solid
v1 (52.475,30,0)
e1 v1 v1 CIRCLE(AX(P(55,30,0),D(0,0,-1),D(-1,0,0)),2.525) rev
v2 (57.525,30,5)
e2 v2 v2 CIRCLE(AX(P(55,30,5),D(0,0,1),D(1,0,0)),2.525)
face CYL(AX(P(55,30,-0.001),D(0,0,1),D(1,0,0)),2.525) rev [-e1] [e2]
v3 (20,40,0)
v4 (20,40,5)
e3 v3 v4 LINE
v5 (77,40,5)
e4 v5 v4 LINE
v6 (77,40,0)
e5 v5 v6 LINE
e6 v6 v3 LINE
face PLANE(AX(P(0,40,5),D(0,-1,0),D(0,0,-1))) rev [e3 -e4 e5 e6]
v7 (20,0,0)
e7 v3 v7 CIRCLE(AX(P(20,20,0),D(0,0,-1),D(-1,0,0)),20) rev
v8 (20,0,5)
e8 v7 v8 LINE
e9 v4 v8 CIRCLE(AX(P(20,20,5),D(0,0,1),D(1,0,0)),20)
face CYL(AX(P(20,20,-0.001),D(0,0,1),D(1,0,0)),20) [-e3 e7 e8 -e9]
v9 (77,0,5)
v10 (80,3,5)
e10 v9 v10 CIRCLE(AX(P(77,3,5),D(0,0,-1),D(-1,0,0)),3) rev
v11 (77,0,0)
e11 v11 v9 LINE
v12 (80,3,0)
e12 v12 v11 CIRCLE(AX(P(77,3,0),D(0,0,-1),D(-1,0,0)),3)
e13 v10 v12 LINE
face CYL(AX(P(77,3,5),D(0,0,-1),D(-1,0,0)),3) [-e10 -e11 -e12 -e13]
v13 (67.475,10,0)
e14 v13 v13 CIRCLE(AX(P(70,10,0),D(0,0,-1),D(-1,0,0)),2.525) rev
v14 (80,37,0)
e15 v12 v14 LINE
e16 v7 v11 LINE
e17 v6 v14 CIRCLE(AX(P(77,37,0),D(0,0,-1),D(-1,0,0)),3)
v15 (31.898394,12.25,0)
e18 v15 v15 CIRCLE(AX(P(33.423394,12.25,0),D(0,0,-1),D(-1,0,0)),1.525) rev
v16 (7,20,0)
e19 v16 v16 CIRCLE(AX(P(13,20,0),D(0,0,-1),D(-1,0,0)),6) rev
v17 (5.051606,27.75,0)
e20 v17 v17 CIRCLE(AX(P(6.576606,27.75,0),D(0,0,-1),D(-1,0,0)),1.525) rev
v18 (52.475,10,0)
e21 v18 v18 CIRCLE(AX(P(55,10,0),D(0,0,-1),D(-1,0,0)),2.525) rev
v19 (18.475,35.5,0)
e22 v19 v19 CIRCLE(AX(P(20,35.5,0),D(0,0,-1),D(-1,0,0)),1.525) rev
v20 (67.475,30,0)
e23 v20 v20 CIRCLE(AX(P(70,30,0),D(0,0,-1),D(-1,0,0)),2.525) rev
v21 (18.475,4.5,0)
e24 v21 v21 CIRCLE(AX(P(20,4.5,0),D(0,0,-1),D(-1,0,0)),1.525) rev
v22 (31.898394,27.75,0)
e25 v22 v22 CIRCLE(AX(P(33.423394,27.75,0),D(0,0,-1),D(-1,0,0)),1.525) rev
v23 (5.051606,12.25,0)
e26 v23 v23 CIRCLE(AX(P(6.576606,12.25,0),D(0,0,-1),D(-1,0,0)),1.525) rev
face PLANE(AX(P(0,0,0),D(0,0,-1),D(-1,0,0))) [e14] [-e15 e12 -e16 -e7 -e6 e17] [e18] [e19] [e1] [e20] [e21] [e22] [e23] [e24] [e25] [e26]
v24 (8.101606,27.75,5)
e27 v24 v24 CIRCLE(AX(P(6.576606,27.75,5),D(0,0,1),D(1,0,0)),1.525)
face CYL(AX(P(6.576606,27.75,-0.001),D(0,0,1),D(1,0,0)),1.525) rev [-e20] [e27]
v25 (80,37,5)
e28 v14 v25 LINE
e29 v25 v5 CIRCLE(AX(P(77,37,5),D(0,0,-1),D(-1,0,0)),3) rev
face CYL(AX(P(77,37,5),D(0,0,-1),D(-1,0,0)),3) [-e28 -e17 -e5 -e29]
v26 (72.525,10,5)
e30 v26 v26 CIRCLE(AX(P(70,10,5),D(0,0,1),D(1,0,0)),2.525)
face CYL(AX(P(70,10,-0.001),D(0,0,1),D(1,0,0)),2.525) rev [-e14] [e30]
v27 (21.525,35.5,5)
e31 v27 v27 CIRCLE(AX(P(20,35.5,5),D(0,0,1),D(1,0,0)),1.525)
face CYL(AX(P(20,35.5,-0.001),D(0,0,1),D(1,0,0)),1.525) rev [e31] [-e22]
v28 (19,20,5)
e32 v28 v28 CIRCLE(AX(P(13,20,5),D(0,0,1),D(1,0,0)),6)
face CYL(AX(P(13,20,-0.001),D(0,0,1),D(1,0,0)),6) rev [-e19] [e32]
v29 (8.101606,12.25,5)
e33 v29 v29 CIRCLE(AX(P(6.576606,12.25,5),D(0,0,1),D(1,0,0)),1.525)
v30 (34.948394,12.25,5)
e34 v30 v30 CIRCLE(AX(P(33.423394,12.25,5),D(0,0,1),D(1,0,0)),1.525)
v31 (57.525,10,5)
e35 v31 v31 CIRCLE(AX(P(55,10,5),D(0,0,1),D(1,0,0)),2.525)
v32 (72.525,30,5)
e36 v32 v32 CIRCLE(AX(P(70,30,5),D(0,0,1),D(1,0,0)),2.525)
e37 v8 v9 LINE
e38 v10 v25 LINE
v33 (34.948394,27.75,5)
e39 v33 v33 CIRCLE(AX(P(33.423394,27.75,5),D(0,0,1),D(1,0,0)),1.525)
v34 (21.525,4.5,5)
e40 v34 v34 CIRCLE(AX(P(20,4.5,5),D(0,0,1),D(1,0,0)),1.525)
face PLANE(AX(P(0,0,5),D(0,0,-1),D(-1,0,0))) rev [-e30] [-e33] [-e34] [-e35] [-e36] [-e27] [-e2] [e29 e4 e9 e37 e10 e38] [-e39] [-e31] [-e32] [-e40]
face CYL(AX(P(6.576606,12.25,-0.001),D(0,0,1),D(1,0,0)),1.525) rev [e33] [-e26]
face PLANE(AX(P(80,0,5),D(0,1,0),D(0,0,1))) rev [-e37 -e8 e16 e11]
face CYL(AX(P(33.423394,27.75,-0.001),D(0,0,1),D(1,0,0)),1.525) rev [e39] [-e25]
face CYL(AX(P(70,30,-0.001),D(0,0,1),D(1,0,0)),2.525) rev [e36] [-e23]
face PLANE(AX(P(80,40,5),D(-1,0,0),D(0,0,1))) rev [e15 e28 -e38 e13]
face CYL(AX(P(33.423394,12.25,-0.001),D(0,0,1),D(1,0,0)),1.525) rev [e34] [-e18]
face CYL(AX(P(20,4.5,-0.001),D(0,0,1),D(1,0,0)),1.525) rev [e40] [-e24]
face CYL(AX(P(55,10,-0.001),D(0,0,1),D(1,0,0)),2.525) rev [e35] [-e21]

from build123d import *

# Parameters (mm, degrees)
SKETCH1_W           = 80
SKETCH1_H           = 40
BOSS_EXTRUDE1_DEPTH = 5
CUT_EXTRUDE4_REACH  = 91.582
CUT_EXTRUDE5_REACH  = 91.582
SKETCH11_R          = 2.525
FILLET1_R           = 3
CUT_EXTRUDE9_REACH  = 91.582
SKETCH19_R          = 1.525
SKETCH19_R_2        = 6


with BuildPart() as part:
    # Sketch1 → Boss-Extrude1 (new body)
    with BuildSketch(Plane.XY):
        with Locations((40, 20)):
            Rectangle(SKETCH1_W, SKETCH1_H)
    extrude(amount=BOSS_EXTRUDE1_DEPTH)

    # Sketch10 → Cut-Extrude4 (cut, up to next)
    with BuildSketch(Plane.XY.offset(5), mode=Mode.PRIVATE) as cut_extrude4_sk1:
        with BuildLine():
            ThreePointArc((20, 0), (5.857864376, 5.857864376), (0, 20))
            Line((0, 20), (0, 0))
            Line((0, 0), (20, 0))
        make_face()
    cut_extrude4_tool1 = extrude(cut_extrude4_sk1.sketch, amount=-CUT_EXTRUDE4_REACH, mode=Mode.PRIVATE) & part.part
    # Sketch10 → Cut-Extrude4 (cut, up to next)
    with BuildSketch(Plane.XY.offset(5), mode=Mode.PRIVATE) as cut_extrude4_sk2:
        with BuildLine():
            Line((20, 40), (0, 40))
            Line((0, 40), (0, 20))
            ThreePointArc((0, 20), (5.857864376, 34.142135624), (20, 40))
        make_face()
    cut_extrude4_tool2 = extrude(cut_extrude4_sk2.sketch, amount=-CUT_EXTRUDE4_REACH, mode=Mode.PRIVATE) & part.part
    add(cut_extrude4_tool1.solids().sort_by_distance((4.467359, 4.467359, 5))[0], mode=Mode.SUBTRACT)
    add(cut_extrude4_tool2.solids().sort_by_distance((4.467359, 35.532641, 5))[0], mode=Mode.SUBTRACT)

    # Sketch11 → Cut-Extrude5 (cut, up to next)
    with BuildSketch(Plane.XY.offset(5), mode=Mode.PRIVATE) as cut_extrude5_sk1:
        with Locations((55, 30)):
            Circle(SKETCH11_R)
    cut_extrude5_tool1 = extrude(cut_extrude5_sk1.sketch, amount=-CUT_EXTRUDE5_REACH, mode=Mode.PRIVATE) & part.part
    # Sketch11 → Cut-Extrude5 (cut, up to next)
    with BuildSketch(Plane.XY.offset(5), mode=Mode.PRIVATE) as cut_extrude5_sk2:
        with Locations((70, 30)):
            Circle(SKETCH11_R)
    cut_extrude5_tool2 = extrude(cut_extrude5_sk2.sketch, amount=-CUT_EXTRUDE5_REACH, mode=Mode.PRIVATE) & part.part
    # Sketch11 → Cut-Extrude5 (cut, up to next)
    with BuildSketch(Plane.XY.offset(5), mode=Mode.PRIVATE) as cut_extrude5_sk3:
        with Locations((55, 10)):
            Circle(SKETCH11_R)
    cut_extrude5_tool3 = extrude(cut_extrude5_sk3.sketch, amount=-CUT_EXTRUDE5_REACH, mode=Mode.PRIVATE) & part.part
    # Sketch11 → Cut-Extrude5 (cut, up to next)
    with BuildSketch(Plane.XY.offset(5), mode=Mode.PRIVATE) as cut_extrude5_sk4:
        with Locations((70, 10)):
            Circle(SKETCH11_R)
    cut_extrude5_tool4 = extrude(cut_extrude5_sk4.sketch, amount=-CUT_EXTRUDE5_REACH, mode=Mode.PRIVATE) & part.part
    add(cut_extrude5_tool1.solids().sort_by_distance((55, 30, 5))[0], mode=Mode.SUBTRACT)
    add(cut_extrude5_tool2.solids().sort_by_distance((70, 30, 5))[0], mode=Mode.SUBTRACT)
    add(cut_extrude5_tool3.solids().sort_by_distance((55, 10, 5))[0], mode=Mode.SUBTRACT)
    add(cut_extrude5_tool4.solids().sort_by_distance((70, 10, 5))[0], mode=Mode.SUBTRACT)

    # Fillet1
    fillet1_edges = [part.edges().sort_by_distance(p)[0] for p in [
        (80, 40, 2.5),
        (80, 0, 2.5),
    ]]
    fillet(fillet1_edges, radius=FILLET1_R)

    # Sketch19 → Cut-Extrude9 (cut, up to next)
    with BuildSketch(Plane.XY.offset(5), mode=Mode.PRIVATE) as cut_extrude9_sk1:
        with Locations((20, 35.5)):
            Circle(SKETCH19_R)
    cut_extrude9_tool1 = extrude(cut_extrude9_sk1.sketch, amount=-CUT_EXTRUDE9_REACH, mode=Mode.PRIVATE) & part.part
    # Sketch19 → Cut-Extrude9 (cut, up to next)
    with BuildSketch(Plane.XY.offset(5), mode=Mode.PRIVATE) as cut_extrude9_sk2:
        with Locations((33.423393759, 27.75)):
            Circle(SKETCH19_R)
    cut_extrude9_tool2 = extrude(cut_extrude9_sk2.sketch, amount=-CUT_EXTRUDE9_REACH, mode=Mode.PRIVATE) & part.part
    # Sketch19 → Cut-Extrude9 (cut, up to next)
    with BuildSketch(Plane.XY.offset(5), mode=Mode.PRIVATE) as cut_extrude9_sk3:
        with Locations((33.423393759, 12.25)):
            Circle(SKETCH19_R)
    cut_extrude9_tool3 = extrude(cut_extrude9_sk3.sketch, amount=-CUT_EXTRUDE9_REACH, mode=Mode.PRIVATE) & part.part
    # Sketch19 → Cut-Extrude9 (cut, up to next)
    with BuildSketch(Plane.XY.offset(5), mode=Mode.PRIVATE) as cut_extrude9_sk4:
        with Locations((20, 4.5)):
            Circle(SKETCH19_R)
    cut_extrude9_tool4 = extrude(cut_extrude9_sk4.sketch, amount=-CUT_EXTRUDE9_REACH, mode=Mode.PRIVATE) & part.part
    # Sketch19 → Cut-Extrude9 (cut, up to next)
    with BuildSketch(Plane.XY.offset(5), mode=Mode.PRIVATE) as cut_extrude9_sk5:
        with Locations((6.576606241, 12.25)):
            Circle(SKETCH19_R)
    cut_extrude9_tool5 = extrude(cut_extrude9_sk5.sketch, amount=-CUT_EXTRUDE9_REACH, mode=Mode.PRIVATE) & part.part
    # Sketch19 → Cut-Extrude9 (cut, up to next)
    with BuildSketch(Plane.XY.offset(5), mode=Mode.PRIVATE) as cut_extrude9_sk6:
        with Locations((6.576606241, 27.75)):
            Circle(SKETCH19_R)
    cut_extrude9_tool6 = extrude(cut_extrude9_sk6.sketch, amount=-CUT_EXTRUDE9_REACH, mode=Mode.PRIVATE) & part.part
    # Sketch19 → Cut-Extrude9 (cut, up to next)
    with BuildSketch(Plane.XY.offset(5), mode=Mode.PRIVATE) as cut_extrude9_sk7:
        with Locations((13, 20)):
            Circle(SKETCH19_R_2)
    cut_extrude9_tool7 = extrude(cut_extrude9_sk7.sketch, amount=-CUT_EXTRUDE9_REACH, mode=Mode.PRIVATE) & part.part
    add(cut_extrude9_tool1.solids().sort_by_distance((20, 35.5, 5))[0], mode=Mode.SUBTRACT)
    add(cut_extrude9_tool2.solids().sort_by_distance((33.423394, 27.75, 5))[0], mode=Mode.SUBTRACT)
    add(cut_extrude9_tool3.solids().sort_by_distance((33.423394, 12.25, 5))[0], mode=Mode.SUBTRACT)
    add(cut_extrude9_tool4.solids().sort_by_distance((20, 4.5, 5))[0], mode=Mode.SUBTRACT)
    add(cut_extrude9_tool5.solids().sort_by_distance((6.576606, 12.25, 5))[0], mode=Mode.SUBTRACT)
    add(cut_extrude9_tool6.solids().sort_by_distance((6.576606, 27.75, 5))[0], mode=Mode.SUBTRACT)
    add(cut_extrude9_tool7.solids().sort_by_distance((13, 20, 5))[0], mode=Mode.SUBTRACT)


solid = part.part
